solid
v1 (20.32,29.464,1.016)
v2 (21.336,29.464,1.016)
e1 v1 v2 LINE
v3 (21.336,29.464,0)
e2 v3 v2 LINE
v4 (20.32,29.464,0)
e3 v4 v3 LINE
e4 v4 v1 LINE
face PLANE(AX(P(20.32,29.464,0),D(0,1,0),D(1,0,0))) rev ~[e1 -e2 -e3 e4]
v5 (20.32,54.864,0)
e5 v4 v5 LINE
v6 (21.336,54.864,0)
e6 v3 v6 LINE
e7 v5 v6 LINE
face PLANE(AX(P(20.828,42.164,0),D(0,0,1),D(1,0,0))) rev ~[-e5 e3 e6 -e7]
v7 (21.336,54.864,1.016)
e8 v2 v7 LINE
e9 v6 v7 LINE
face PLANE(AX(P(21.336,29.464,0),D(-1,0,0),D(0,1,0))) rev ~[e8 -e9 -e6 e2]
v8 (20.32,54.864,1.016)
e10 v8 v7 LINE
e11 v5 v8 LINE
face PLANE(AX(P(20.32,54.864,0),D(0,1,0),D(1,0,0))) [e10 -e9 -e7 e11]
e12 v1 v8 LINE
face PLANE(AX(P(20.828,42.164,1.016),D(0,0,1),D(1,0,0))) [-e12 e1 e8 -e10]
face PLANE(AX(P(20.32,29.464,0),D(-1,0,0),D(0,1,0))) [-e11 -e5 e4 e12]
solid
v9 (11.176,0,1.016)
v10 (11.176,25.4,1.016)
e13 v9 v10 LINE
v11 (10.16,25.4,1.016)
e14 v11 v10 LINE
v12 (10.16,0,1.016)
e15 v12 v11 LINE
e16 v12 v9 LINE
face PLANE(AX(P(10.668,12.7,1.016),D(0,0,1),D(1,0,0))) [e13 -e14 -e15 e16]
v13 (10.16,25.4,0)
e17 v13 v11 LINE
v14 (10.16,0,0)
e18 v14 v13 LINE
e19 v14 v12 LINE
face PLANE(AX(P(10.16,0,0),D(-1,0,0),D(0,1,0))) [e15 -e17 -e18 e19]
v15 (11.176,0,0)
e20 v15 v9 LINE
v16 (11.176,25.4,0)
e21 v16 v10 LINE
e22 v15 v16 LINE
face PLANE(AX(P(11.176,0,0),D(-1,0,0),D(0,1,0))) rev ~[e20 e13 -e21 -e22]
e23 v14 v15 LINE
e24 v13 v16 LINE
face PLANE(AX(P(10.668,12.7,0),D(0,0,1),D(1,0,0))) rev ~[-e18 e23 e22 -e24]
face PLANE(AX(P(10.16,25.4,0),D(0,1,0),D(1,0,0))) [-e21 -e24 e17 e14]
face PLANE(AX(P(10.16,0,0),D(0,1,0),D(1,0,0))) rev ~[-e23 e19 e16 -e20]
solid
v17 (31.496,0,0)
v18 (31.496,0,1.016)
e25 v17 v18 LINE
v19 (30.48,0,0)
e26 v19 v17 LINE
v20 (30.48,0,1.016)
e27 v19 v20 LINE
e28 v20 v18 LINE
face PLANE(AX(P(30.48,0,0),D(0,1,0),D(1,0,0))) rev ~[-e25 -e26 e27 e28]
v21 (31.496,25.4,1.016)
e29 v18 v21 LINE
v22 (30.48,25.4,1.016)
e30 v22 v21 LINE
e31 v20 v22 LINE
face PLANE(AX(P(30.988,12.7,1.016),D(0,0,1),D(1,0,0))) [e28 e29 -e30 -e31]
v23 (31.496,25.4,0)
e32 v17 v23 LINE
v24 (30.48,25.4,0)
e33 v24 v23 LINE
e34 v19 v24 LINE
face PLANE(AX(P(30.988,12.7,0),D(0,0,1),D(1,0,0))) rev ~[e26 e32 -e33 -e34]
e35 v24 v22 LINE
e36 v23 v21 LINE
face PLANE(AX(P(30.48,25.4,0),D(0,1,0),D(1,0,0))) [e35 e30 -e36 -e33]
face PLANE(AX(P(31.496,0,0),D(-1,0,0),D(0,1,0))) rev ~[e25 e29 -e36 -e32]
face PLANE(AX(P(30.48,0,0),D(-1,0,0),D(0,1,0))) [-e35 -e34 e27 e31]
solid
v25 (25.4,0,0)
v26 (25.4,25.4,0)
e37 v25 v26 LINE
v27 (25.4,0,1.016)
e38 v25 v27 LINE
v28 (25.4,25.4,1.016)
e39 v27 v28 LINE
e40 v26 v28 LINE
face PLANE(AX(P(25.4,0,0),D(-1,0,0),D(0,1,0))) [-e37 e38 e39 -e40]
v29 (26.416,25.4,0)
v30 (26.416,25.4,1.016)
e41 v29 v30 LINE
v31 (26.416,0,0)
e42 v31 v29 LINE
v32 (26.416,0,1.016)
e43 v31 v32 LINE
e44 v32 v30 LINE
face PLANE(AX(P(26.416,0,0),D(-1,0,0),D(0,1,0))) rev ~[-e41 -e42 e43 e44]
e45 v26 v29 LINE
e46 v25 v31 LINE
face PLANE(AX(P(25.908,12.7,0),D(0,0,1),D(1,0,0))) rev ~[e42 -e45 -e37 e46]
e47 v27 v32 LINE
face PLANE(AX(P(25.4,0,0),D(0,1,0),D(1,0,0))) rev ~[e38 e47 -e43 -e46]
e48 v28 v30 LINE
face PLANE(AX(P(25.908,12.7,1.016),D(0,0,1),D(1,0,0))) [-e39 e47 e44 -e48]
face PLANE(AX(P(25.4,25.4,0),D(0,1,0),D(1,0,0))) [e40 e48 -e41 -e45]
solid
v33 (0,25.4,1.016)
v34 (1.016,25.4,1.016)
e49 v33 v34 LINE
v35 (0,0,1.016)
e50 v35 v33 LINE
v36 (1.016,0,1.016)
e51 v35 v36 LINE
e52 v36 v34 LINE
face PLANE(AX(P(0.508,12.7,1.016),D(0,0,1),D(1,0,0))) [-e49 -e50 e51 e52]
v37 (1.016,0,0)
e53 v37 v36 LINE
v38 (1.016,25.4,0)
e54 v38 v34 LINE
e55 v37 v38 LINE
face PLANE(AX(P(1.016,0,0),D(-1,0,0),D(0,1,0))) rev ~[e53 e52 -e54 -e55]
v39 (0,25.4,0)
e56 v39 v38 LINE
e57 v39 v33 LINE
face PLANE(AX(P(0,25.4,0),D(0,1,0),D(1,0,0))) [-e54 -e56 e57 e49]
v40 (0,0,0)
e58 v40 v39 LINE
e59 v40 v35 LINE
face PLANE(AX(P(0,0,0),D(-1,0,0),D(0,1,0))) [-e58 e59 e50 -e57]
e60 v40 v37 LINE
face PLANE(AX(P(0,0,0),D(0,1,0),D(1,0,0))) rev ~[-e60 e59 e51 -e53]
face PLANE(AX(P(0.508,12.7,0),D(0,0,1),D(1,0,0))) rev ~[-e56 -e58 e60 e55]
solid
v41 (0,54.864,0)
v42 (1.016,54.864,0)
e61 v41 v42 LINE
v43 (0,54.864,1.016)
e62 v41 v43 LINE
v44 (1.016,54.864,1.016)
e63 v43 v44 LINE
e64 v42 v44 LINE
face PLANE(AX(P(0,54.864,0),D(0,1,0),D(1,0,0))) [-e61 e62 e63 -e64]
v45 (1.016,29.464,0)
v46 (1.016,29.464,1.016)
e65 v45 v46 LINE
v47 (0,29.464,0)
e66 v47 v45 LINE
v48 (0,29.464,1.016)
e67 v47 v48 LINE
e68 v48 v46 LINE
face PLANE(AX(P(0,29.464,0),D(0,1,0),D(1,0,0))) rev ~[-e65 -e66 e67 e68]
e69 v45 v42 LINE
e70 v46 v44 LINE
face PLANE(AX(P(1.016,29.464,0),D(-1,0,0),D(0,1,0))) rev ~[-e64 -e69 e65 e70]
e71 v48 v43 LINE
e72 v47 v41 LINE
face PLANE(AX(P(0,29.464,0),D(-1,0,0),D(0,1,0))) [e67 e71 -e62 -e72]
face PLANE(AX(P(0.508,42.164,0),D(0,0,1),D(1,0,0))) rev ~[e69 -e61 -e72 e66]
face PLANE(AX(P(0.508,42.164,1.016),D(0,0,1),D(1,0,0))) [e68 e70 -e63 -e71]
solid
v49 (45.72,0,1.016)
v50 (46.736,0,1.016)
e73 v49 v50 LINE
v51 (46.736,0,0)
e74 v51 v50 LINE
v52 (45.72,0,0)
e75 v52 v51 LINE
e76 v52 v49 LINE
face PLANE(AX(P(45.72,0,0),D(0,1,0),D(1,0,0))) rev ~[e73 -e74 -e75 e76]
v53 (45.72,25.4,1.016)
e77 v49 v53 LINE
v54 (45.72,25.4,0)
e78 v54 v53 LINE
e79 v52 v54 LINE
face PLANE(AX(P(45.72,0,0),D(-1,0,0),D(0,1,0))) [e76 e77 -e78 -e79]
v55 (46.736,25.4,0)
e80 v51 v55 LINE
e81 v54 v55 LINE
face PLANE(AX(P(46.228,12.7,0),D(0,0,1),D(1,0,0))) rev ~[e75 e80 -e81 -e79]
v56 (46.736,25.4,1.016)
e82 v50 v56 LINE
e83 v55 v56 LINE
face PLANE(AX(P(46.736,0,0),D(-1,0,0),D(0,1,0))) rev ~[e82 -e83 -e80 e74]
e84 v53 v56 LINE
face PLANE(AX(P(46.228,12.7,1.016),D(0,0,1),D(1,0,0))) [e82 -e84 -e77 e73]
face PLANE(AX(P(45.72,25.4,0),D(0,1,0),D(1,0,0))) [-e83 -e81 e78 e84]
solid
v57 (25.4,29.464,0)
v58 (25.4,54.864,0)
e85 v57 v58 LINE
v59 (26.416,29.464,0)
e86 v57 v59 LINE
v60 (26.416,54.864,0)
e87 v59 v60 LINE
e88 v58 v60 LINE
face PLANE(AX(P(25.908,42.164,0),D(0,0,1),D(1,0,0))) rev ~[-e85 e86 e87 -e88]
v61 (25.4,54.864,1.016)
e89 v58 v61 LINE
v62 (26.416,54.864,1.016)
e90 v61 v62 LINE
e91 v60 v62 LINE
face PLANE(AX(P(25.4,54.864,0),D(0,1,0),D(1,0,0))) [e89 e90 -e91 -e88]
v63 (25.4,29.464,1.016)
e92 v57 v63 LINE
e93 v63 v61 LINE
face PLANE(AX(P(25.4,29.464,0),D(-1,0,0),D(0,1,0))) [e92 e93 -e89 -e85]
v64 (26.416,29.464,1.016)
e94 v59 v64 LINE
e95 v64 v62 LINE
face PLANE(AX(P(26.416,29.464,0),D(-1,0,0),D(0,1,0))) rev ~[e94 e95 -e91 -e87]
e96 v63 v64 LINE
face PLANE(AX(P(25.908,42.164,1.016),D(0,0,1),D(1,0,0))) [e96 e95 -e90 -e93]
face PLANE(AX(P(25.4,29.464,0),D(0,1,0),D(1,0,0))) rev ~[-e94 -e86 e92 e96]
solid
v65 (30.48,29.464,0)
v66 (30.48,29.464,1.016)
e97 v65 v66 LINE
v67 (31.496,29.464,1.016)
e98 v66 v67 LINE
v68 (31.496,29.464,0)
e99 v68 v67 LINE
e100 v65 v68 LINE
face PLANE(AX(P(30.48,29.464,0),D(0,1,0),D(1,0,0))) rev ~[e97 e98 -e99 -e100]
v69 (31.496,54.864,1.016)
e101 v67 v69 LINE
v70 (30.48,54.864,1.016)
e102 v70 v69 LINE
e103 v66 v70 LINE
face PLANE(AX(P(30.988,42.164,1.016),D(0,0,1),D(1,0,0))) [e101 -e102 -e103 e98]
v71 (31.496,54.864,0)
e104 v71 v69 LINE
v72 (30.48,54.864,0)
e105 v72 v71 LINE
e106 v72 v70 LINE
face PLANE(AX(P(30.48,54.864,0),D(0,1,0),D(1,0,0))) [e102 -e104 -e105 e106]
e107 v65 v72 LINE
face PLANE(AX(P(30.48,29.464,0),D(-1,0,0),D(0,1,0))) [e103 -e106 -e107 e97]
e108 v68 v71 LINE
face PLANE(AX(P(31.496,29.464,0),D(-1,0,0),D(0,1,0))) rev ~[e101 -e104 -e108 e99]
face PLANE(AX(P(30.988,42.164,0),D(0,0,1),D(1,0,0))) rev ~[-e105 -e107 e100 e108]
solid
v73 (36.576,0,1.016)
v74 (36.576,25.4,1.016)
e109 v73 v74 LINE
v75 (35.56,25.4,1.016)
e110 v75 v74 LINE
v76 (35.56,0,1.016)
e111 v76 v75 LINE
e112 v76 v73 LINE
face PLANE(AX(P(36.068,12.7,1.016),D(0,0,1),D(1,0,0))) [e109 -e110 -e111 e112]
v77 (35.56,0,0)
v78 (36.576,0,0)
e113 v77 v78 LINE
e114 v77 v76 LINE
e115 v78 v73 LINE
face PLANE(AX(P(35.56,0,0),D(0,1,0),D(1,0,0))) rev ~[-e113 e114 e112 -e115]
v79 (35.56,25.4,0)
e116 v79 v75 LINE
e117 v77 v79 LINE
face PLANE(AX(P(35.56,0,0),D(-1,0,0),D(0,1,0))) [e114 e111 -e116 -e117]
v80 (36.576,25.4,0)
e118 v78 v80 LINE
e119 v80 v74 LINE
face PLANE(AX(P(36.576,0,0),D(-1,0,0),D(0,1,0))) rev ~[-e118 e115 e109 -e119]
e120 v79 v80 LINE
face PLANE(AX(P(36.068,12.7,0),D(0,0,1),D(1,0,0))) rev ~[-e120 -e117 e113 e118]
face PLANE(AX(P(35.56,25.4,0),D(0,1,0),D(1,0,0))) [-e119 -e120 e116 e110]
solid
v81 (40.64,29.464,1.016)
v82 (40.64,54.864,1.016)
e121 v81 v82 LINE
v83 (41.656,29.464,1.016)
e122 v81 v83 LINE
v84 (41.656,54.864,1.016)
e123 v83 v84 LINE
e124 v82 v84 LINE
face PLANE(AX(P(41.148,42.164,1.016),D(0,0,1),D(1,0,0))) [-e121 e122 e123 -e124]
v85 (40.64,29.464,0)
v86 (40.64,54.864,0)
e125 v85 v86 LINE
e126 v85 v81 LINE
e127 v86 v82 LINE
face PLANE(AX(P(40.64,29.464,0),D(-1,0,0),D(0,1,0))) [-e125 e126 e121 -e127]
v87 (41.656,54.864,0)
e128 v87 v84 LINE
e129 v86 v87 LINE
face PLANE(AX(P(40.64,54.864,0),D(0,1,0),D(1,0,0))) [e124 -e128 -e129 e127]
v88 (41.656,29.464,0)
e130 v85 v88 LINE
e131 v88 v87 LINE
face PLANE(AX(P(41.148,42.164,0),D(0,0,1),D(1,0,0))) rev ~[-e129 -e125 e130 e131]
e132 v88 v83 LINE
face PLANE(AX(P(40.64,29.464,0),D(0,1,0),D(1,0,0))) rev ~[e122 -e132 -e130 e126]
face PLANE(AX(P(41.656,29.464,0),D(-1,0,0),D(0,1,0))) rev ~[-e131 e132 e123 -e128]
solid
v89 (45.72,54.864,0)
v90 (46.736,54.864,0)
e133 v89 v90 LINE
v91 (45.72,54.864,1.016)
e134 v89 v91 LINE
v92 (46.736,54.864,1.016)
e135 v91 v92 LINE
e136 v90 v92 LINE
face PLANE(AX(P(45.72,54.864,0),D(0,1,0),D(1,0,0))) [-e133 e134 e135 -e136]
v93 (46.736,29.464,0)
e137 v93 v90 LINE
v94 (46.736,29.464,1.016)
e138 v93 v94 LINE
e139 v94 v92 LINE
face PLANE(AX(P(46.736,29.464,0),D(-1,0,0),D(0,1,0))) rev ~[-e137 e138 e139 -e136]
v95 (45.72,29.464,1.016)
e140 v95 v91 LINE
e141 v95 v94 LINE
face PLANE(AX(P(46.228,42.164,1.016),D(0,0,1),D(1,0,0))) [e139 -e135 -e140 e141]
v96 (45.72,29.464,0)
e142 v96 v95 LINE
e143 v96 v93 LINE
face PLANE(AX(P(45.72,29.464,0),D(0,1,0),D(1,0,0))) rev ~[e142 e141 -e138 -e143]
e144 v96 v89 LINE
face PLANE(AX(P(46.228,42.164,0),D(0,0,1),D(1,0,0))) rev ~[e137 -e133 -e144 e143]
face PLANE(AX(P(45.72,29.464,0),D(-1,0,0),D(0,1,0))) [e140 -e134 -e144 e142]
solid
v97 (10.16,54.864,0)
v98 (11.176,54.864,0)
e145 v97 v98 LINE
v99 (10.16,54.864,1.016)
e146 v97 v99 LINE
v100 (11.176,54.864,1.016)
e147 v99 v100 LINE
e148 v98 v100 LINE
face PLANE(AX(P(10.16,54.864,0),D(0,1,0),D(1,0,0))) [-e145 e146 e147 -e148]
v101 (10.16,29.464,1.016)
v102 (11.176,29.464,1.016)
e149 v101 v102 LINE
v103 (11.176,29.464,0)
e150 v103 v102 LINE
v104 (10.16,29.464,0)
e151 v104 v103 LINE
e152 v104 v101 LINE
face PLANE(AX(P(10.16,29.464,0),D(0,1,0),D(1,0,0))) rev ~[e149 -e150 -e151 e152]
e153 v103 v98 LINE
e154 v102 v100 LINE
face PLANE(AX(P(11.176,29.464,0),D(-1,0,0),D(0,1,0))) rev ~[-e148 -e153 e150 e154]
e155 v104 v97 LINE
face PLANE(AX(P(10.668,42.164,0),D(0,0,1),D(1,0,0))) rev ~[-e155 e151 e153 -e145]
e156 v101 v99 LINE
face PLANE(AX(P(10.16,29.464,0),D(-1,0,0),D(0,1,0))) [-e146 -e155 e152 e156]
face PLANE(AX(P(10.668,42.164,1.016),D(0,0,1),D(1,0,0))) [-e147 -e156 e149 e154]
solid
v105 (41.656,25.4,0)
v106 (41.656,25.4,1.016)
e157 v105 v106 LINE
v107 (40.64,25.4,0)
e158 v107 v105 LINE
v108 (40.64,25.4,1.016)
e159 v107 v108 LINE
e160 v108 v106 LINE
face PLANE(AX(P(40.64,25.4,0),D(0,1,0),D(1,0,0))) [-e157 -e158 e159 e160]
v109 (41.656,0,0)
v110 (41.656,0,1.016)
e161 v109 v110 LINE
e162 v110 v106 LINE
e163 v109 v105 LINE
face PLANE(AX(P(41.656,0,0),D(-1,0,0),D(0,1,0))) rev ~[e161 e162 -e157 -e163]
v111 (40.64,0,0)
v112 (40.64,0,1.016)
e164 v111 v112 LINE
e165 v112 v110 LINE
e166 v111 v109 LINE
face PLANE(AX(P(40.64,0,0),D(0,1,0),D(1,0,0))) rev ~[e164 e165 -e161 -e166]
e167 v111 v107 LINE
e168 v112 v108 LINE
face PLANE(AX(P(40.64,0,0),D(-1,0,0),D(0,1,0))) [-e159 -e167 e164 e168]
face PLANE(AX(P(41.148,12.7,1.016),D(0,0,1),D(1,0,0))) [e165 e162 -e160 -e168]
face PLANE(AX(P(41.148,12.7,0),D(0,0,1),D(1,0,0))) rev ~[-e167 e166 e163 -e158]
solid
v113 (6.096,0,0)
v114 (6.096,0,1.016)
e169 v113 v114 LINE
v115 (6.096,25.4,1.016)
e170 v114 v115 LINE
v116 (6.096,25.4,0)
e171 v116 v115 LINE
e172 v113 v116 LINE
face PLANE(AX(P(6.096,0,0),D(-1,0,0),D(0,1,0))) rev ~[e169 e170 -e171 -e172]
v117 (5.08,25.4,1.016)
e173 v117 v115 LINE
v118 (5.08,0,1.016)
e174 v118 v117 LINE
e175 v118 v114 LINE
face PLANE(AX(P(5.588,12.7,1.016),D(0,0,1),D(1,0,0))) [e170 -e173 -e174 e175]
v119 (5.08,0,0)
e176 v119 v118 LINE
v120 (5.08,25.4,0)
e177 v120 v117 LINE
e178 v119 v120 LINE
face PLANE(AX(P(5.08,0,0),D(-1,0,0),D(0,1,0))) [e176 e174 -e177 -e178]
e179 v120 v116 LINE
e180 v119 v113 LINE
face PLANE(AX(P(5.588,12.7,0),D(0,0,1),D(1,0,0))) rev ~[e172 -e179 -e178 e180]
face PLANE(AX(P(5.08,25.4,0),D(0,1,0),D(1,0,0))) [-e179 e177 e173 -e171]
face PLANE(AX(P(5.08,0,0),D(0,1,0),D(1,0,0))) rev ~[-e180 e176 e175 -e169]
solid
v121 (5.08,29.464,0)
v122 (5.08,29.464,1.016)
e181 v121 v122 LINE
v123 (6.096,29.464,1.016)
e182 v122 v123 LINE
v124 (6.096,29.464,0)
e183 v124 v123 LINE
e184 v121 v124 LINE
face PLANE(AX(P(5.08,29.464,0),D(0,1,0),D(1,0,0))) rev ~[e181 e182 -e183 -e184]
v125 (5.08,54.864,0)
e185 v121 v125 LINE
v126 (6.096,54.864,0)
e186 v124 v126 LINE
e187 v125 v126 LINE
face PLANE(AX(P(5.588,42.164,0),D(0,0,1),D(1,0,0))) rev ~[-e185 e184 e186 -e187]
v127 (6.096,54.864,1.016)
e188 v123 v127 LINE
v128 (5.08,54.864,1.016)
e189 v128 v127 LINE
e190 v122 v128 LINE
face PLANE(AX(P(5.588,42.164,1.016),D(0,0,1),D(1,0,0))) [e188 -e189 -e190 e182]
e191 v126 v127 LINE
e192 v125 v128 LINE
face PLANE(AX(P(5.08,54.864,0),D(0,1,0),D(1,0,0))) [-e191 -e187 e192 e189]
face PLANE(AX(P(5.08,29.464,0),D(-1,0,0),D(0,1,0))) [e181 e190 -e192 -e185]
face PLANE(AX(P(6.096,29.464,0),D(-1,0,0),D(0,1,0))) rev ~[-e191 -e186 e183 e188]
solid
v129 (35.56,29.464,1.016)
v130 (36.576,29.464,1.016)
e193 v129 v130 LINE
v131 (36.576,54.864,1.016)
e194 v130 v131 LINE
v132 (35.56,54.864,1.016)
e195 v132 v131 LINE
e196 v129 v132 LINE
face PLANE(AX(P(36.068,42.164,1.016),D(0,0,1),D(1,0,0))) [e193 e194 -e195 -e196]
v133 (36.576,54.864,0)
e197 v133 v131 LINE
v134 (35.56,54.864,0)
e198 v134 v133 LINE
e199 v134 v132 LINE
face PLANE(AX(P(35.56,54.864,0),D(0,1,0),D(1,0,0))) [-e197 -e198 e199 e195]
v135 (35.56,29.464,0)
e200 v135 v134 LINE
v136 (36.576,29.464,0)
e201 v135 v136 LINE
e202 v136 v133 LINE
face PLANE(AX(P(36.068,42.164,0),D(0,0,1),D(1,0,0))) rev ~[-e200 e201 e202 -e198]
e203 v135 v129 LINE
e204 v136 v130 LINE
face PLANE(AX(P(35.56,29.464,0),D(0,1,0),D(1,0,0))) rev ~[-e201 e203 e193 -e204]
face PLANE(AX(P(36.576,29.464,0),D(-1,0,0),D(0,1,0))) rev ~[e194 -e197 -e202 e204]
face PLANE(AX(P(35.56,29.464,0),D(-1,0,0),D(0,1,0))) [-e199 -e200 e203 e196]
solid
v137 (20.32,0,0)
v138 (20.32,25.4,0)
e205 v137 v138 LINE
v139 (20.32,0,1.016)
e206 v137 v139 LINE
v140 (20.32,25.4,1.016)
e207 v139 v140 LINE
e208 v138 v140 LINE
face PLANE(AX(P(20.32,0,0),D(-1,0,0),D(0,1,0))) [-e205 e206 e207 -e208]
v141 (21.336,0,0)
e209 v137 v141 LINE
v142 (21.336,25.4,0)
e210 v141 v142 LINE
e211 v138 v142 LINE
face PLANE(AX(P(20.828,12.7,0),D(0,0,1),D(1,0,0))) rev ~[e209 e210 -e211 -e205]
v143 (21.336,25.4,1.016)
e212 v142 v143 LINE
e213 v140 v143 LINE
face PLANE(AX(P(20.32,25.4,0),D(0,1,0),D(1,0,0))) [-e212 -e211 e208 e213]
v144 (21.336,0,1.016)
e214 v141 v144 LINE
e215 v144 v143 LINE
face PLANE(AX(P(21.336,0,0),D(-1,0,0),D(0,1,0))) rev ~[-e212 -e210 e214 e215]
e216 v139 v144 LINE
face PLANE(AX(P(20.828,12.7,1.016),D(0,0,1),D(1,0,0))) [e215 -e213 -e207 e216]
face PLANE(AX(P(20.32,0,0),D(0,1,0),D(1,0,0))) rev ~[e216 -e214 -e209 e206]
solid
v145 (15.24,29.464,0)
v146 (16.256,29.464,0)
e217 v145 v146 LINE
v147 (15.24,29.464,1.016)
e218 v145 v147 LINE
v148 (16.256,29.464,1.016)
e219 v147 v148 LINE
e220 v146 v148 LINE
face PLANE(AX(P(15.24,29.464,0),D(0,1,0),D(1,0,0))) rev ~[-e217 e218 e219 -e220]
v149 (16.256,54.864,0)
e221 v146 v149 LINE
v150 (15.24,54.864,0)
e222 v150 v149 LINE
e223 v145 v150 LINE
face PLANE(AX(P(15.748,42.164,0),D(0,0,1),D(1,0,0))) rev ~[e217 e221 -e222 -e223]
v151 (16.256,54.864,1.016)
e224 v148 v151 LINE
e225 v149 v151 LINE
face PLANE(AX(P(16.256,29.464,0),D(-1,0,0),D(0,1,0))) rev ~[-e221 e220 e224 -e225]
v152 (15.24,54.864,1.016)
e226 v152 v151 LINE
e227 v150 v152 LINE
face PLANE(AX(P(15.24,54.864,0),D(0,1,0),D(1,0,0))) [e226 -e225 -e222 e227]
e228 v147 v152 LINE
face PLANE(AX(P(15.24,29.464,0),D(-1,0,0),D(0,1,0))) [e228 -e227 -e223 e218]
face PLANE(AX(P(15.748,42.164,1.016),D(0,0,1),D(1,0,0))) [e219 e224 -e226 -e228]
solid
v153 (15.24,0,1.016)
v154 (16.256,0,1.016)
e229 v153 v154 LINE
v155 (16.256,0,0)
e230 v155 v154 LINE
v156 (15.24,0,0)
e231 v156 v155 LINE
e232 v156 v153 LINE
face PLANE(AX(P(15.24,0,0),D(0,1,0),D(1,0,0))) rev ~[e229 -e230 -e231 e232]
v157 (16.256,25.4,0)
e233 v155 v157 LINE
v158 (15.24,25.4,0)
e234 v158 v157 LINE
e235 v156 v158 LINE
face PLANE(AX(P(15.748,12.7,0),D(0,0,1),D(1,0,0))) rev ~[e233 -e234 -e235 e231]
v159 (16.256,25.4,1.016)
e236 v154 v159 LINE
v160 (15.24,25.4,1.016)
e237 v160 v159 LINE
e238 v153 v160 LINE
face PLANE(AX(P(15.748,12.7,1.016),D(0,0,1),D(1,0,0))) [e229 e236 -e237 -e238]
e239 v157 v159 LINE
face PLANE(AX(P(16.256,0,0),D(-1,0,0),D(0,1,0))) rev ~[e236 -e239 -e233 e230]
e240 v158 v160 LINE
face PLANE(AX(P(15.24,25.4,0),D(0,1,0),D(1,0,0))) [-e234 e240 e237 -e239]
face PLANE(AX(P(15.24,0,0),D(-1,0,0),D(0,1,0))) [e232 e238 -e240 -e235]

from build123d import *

# Parameters (mm, degrees)
F0_W     = 1.016
F0_H     = 25.4
F1_DEPTH = 1.016


with BuildPart() as f1:
    # F0 (on Top) → F1 (new body)
    with BuildSketch(Plane.XY):
        with Locations((0.508, 12.7)):
            Rectangle(F0_W, F0_H)
        with Locations((5.588, 12.7)):
            Rectangle(F0_W, F0_H)
        with Locations((10.668, 12.7)):
            Rectangle(F0_W, F0_H)
        with Locations((15.748, 12.7)):
            Rectangle(F0_W, F0_H)
        with Locations((20.828, 12.7)):
            Rectangle(F0_W, F0_H)
        with Locations((25.908, 12.7)):
            Rectangle(F0_W, F0_H)
        with Locations((30.988, 12.7)):
            Rectangle(F0_W, F0_H)
        with Locations((36.068, 12.7)):
            Rectangle(F0_W, F0_H)
        with Locations((41.148, 12.7)):
            Rectangle(F0_W, F0_H)
        with Locations((46.228, 12.7)):
            Rectangle(F0_W, F0_H)
        with Locations((0.508, 42.164)):
            Rectangle(F0_W, F0_H)
        with Locations((10.668, 42.164)):
            Rectangle(F0_W, F0_H)
        with Locations((25.908, 42.164)):
            Rectangle(F0_W, F0_H)
        with Locations((41.148, 42.164)):
            Rectangle(F0_W, F0_H)
        with Locations((36.068, 42.164)):
            Rectangle(F0_W, F0_H)
        with Locations((46.228, 42.164)):
            Rectangle(F0_W, F0_H)
        with Locations((15.748, 42.164)):
            Rectangle(F0_W, F0_H)
        with Locations((30.988, 42.164)):
            Rectangle(F0_W, F0_H)
        with Locations((20.828, 42.164)):
            Rectangle(F0_W, F0_H)
        with Locations((5.588, 42.164)):
            Rectangle(F0_W, F0_H)
    extrude(amount=F1_DEPTH)


solid = f1.part
